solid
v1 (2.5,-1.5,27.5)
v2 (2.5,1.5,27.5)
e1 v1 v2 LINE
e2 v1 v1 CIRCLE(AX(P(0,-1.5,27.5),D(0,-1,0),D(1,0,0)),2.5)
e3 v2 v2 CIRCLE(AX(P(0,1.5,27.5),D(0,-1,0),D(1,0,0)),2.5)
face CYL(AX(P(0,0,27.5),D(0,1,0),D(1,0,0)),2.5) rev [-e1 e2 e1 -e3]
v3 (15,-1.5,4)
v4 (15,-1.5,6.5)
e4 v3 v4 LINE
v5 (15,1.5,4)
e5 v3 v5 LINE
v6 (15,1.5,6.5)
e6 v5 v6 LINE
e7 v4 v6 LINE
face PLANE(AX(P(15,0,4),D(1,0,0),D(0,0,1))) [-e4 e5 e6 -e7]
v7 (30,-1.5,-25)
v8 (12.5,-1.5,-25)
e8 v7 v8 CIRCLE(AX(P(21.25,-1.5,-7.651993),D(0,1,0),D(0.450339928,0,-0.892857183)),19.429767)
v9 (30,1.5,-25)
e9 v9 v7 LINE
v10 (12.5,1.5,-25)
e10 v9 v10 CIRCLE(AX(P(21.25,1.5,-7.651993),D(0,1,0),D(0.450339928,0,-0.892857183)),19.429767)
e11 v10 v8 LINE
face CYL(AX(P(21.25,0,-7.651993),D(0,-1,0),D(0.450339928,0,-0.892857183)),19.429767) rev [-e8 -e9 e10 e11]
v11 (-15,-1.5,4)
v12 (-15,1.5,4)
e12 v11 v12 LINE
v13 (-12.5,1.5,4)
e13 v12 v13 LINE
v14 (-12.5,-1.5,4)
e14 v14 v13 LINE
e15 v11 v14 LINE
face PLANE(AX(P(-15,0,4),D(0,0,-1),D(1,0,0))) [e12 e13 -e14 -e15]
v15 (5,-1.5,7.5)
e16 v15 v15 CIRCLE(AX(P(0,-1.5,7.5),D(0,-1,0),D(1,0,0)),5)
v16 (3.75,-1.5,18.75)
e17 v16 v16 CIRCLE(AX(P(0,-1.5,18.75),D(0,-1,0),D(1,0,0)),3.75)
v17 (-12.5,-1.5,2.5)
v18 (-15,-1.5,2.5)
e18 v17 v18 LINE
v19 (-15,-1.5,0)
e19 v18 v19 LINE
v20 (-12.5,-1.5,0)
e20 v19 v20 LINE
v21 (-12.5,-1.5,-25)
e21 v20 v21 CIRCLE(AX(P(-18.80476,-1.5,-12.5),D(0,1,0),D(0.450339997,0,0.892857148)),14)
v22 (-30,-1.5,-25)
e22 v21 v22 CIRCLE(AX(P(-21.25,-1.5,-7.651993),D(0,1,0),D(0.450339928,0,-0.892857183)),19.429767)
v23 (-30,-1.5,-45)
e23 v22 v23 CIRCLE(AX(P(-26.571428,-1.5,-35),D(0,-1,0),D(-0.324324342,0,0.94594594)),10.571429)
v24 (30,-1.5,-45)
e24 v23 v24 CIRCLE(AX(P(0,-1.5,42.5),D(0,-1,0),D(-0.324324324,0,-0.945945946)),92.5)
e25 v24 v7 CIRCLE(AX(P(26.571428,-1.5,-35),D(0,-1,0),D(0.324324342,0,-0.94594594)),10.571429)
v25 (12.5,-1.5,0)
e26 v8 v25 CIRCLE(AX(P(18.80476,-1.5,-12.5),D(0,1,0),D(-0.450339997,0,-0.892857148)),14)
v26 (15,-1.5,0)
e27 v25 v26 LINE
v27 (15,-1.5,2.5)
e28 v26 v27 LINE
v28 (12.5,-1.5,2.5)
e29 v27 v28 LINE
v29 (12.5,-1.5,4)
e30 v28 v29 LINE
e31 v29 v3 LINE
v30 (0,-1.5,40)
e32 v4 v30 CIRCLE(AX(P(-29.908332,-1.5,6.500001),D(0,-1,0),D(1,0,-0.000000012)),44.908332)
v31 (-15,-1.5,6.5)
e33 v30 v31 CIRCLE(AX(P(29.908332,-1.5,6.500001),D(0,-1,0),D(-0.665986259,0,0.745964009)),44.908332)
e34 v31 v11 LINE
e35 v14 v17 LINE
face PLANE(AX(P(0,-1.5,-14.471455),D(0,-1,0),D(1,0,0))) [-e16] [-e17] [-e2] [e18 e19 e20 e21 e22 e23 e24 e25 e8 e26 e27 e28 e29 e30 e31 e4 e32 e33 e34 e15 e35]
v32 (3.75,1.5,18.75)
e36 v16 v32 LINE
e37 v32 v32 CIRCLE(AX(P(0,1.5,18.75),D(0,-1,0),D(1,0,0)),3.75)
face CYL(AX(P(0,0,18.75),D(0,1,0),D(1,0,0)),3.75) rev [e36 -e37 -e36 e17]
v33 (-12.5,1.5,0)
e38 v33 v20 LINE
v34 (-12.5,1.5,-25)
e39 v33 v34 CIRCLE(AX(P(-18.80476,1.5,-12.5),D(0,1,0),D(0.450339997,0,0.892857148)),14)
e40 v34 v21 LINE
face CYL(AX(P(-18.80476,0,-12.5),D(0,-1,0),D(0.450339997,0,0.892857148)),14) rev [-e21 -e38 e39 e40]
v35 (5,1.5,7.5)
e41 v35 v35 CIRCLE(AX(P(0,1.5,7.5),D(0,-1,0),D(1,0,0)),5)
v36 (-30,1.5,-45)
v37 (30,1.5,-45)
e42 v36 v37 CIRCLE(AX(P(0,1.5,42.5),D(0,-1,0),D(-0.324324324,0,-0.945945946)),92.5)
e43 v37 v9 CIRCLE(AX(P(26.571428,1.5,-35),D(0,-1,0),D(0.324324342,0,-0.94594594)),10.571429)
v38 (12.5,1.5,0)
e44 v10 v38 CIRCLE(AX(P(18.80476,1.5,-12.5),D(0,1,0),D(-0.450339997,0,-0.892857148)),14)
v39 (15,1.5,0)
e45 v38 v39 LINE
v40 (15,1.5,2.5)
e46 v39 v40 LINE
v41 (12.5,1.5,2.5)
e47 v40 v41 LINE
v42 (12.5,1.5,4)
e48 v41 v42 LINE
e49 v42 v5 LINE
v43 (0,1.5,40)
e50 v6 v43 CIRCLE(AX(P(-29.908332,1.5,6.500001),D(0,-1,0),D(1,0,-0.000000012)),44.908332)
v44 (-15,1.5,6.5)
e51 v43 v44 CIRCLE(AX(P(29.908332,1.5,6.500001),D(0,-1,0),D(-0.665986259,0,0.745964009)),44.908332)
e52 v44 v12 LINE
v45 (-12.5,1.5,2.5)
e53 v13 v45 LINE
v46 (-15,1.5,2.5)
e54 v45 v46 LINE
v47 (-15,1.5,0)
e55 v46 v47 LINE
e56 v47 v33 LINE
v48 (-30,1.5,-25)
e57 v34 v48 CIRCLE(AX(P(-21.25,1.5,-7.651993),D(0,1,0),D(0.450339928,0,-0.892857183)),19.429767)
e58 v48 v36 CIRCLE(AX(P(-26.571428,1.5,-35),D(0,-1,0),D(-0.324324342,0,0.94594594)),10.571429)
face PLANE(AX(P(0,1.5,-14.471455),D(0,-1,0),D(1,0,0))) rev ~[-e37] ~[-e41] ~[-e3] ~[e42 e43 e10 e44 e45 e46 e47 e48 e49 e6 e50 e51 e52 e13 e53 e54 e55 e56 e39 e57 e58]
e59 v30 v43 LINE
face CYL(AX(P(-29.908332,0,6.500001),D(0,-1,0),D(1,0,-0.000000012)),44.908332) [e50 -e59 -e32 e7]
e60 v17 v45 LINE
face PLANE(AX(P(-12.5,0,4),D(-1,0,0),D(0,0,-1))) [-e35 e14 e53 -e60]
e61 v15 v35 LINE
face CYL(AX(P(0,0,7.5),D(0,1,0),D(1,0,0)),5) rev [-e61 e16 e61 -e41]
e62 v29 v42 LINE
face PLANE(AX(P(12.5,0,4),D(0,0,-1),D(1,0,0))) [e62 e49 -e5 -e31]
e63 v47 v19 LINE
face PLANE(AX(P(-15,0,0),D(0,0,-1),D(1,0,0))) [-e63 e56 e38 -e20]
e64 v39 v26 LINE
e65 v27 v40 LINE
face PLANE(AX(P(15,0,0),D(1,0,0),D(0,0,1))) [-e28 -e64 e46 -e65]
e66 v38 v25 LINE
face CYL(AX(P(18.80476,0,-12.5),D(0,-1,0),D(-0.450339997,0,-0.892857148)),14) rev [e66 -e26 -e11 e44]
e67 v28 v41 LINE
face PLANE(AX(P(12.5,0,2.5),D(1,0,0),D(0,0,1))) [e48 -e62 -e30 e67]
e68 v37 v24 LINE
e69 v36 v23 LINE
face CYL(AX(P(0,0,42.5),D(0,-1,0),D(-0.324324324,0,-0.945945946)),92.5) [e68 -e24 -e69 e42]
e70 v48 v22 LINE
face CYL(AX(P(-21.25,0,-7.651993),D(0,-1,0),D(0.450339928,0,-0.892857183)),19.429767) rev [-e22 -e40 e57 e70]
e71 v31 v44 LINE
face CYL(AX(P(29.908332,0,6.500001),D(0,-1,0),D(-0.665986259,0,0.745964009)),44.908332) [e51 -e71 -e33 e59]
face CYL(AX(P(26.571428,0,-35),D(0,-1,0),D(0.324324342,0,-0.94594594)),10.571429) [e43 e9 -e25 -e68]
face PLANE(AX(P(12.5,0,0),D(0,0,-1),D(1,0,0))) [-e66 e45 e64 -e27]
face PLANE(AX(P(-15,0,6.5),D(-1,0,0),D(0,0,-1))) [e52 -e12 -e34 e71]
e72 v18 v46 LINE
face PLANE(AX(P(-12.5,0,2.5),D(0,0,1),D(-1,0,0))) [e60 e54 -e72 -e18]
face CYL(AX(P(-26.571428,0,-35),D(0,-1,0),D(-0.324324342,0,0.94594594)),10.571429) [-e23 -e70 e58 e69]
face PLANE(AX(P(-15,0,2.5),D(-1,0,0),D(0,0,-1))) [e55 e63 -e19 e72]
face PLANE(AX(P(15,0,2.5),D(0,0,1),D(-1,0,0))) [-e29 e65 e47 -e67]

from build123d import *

# Parameters (mm, degrees)
F0_R     = 5
F0_R_2   = 3.75
F0_R_3   = 2.5
F1_DEPTH = 1.5


with BuildPart() as f1:
    # F0 (on Front) → F1 (new body, symmetric)
    with BuildSketch(Plane.XZ):
        with BuildLine():
            Line((-15, 2.5), (-15, 0))
            Line((-15, 0), (-12.5, 0))
            ThreePointArc((-12.5, 0), (-4.80476, -12.5), (-12.5, -25))
            ThreePointArc((-12.5, -25), (-21.25, -27.08176), (-30, -25))
            ThreePointArc((-30, -25), (-37.142857, -35), (-30, -45))
            ThreePointArc((-30, -45), (0, -50), (30, -45))
            ThreePointArc((30, -45), (37.142857, -35), (30, -25))
            ThreePointArc((30, -25), (21.25, -27.08176), (12.5, -25))
            ThreePointArc((12.5, -25), (4.80476, -12.5), (12.5, 0))
            Line((12.5, 0), (15, 0))
            Line((15, 0), (15, 2.5))
            Line((15, 2.5), (12.5, 2.5))
            Line((12.5, 2.5), (12.5, 4))
            Line((12.5, 4), (15, 4))
            Line((15, 4), (15, 6.5))
            ThreePointArc((15, 6.5), (11.07881, 24.852452), (0, 40))
            ThreePointArc((0, 40), (-11.07881, 24.852452), (-15, 6.5))
            Line((-15, 6.5), (-15, 4))
            Line((-15, 4), (-12.5, 4))
            Line((-12.5, 4), (-12.5, 2.5))
            Line((-12.5, 2.5), (-15, 2.5))
        make_face()
        with Locations((0, 7.5)):
            Circle(F0_R, mode=Mode.SUBTRACT)
        with Locations((0, 18.75)):
            Circle(F0_R_2, mode=Mode.SUBTRACT)
        with Locations((0, 27.5)):
            Circle(F0_R_3, mode=Mode.SUBTRACT)
    extrude(amount=F1_DEPTH, both=True)


solid = f1.part
